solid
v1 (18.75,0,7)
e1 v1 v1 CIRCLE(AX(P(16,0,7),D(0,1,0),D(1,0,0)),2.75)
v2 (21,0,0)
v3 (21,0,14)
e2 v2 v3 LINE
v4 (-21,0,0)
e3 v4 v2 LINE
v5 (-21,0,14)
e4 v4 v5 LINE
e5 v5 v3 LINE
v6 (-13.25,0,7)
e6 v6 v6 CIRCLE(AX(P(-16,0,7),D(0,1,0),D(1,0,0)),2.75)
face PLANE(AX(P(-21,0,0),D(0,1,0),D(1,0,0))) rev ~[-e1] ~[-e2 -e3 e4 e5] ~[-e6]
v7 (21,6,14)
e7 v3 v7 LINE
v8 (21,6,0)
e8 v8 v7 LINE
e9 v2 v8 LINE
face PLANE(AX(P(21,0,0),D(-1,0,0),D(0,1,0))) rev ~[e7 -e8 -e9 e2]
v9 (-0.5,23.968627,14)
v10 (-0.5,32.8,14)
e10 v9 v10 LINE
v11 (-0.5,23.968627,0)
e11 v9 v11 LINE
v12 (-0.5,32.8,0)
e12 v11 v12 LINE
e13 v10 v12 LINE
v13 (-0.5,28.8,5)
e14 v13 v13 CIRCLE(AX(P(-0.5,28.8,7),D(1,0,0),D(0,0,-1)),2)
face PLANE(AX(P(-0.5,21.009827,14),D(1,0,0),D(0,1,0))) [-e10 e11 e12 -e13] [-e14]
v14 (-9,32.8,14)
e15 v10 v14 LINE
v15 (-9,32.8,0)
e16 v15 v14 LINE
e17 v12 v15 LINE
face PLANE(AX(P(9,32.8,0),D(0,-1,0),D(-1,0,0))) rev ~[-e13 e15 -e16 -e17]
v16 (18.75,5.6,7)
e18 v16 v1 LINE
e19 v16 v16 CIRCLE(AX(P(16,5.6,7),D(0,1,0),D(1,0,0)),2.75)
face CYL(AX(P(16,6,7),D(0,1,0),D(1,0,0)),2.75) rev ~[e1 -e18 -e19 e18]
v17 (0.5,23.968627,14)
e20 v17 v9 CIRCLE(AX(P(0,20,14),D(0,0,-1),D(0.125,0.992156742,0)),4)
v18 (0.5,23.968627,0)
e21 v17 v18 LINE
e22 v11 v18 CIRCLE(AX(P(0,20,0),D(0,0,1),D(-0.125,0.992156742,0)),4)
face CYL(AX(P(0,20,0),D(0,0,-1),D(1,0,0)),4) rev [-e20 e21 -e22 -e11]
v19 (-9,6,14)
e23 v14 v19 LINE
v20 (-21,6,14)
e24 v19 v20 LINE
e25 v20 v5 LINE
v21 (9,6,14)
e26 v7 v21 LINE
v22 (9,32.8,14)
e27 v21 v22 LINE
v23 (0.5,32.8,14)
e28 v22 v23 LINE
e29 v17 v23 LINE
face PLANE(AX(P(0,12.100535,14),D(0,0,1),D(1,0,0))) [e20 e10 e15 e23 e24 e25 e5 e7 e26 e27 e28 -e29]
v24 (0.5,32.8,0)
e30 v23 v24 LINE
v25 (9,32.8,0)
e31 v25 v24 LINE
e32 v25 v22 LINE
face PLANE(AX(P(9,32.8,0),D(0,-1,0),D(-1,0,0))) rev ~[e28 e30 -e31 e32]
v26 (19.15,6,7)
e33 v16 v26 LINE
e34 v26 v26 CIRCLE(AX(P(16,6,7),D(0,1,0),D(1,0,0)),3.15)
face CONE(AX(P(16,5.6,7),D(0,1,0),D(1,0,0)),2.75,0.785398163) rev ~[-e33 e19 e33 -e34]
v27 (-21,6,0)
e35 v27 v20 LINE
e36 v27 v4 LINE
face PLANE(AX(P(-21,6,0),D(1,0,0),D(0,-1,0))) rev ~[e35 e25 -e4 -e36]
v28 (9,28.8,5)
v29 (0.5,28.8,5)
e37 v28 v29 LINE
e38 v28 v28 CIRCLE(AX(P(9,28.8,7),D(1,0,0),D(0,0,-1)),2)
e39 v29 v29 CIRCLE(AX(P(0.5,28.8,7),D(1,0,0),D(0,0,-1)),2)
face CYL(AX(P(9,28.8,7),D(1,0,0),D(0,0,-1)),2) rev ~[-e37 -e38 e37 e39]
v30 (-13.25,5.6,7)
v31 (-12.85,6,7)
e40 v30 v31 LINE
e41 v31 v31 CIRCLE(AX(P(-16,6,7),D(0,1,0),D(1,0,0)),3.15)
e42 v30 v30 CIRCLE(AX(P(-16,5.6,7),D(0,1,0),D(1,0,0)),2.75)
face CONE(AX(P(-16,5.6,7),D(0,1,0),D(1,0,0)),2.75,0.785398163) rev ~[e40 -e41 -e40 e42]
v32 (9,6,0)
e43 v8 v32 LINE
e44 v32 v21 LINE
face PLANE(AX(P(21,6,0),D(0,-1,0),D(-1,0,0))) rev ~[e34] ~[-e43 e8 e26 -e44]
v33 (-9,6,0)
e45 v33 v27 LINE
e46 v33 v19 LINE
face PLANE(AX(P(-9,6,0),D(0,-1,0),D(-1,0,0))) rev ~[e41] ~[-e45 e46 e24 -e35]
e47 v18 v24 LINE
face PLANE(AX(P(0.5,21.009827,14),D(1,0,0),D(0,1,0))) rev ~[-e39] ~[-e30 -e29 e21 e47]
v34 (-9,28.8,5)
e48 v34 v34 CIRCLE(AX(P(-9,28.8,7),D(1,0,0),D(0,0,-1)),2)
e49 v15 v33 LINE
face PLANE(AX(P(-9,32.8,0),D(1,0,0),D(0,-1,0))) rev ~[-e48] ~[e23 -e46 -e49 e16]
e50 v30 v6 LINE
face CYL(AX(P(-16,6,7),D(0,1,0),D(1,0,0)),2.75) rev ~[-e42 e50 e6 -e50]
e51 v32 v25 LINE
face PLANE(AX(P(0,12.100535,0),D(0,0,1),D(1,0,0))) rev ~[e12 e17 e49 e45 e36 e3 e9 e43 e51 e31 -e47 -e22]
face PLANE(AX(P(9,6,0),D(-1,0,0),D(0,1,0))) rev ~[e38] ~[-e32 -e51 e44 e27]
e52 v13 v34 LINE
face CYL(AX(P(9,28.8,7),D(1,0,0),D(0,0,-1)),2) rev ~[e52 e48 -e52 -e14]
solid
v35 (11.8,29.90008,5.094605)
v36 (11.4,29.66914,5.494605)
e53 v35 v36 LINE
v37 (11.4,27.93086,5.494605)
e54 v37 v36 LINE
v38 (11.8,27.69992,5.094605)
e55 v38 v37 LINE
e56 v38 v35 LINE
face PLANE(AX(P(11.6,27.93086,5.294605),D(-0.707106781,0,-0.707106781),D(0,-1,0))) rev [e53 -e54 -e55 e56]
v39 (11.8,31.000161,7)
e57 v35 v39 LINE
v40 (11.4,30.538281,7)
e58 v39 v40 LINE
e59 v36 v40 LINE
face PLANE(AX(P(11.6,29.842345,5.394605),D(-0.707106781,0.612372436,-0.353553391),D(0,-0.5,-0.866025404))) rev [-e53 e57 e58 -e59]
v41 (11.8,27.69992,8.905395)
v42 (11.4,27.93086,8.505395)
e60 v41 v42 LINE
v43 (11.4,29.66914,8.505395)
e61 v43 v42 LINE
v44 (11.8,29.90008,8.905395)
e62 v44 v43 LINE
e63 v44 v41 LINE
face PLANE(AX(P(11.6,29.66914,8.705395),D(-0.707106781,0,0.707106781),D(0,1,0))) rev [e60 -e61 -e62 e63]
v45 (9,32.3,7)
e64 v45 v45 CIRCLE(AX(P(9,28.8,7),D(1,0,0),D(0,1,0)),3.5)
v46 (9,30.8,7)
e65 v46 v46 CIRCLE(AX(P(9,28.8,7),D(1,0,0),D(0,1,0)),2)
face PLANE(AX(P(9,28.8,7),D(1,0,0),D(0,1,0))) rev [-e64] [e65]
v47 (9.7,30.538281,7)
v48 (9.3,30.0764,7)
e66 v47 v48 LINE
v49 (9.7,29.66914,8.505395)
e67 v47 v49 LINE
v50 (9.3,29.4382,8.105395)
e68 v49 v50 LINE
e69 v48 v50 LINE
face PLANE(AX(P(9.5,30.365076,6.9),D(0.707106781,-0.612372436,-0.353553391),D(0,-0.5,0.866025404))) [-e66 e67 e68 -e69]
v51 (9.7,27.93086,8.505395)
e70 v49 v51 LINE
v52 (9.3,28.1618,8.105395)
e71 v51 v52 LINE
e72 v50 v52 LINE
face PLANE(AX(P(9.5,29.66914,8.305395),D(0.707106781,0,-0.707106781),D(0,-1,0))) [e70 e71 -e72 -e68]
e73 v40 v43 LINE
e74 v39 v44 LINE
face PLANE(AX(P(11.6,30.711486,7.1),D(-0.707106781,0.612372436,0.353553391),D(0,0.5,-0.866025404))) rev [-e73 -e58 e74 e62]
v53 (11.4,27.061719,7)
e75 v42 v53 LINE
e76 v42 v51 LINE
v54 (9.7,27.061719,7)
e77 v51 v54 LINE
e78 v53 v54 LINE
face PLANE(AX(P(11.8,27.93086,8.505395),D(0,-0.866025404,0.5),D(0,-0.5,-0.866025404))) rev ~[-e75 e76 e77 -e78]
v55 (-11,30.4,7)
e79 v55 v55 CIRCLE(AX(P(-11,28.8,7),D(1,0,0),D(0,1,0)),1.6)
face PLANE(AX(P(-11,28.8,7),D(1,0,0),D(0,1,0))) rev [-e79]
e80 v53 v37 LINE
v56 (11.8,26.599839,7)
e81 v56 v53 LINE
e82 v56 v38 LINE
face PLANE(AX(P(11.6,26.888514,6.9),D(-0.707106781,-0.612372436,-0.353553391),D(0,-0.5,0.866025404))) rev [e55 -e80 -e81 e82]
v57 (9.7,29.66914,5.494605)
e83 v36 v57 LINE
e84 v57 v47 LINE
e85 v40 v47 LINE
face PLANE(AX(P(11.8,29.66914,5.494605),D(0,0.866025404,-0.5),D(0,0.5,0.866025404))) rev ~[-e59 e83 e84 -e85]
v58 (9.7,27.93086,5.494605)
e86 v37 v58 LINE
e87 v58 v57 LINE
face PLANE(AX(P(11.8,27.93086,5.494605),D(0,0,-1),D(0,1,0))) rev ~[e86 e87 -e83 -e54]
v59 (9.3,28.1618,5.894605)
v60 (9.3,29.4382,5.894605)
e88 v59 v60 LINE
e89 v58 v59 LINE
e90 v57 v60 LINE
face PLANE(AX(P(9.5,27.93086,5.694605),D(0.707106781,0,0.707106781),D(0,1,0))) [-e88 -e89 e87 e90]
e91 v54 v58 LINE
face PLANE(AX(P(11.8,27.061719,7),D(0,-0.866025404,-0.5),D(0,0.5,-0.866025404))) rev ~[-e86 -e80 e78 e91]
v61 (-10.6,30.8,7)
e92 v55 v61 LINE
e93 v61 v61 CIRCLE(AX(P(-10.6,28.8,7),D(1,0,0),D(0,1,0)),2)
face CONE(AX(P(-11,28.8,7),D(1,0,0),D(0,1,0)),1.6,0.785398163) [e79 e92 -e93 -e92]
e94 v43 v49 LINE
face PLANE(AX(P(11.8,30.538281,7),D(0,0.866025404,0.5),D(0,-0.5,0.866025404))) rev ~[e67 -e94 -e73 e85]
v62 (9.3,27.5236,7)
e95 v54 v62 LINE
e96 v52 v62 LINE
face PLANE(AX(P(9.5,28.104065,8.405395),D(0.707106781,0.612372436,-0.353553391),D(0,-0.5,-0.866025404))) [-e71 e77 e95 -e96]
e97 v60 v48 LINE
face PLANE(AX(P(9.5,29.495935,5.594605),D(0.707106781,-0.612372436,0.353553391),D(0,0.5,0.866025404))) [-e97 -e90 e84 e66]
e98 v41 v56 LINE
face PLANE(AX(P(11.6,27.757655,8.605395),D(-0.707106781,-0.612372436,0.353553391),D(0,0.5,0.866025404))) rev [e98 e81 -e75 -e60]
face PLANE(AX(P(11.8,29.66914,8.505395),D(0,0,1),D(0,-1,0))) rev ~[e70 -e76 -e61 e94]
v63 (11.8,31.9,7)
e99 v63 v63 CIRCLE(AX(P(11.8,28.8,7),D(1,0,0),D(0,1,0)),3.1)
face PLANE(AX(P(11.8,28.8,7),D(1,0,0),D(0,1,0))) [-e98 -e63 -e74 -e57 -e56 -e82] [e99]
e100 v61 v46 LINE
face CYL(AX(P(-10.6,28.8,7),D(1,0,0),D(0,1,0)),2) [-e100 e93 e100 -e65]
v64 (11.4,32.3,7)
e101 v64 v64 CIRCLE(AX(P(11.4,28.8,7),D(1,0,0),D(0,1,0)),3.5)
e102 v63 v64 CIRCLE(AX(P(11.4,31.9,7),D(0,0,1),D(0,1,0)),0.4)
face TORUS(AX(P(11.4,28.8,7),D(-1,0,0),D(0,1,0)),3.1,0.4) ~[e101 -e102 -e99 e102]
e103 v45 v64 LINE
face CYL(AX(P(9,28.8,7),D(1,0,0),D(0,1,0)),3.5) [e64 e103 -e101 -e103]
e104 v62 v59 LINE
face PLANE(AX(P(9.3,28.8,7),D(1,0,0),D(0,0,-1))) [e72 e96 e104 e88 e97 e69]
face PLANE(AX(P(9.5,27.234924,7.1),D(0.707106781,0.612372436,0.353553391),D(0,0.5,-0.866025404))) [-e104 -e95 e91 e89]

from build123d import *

# Parameters (mm, degrees)
SKETCH1_R                = 4
BOSS_EXTRUDE1_DEPTH      = 14
SKETCH3_W                = 1
SKETCH3_H                = 11.790173319
CUT_EXTRUDE1_DEPTH       = 19
SKETCH2_R                = 2
CUT_EXTRUDE3_DEPTH       = 31
SKETCH5_R                = 2.75
CUT_EXTRUDE5_DEPTH       = 22
TAGLIO_ESTRUSIONE1_DEPTH = 2.5
SMUSSO1_SIZE             = 0.4
RACCORDO1_R              = 0.4
SMUSSO2_SIZE             = 0.4


with BuildPart() as part:
    # Sketch1 → Boss-Extrude1 (new body)
    with BuildSketch(Plane.XY):
        Polygon((-21, 0), (21, 0), (21, 6), (9, 6), (9, 32.8), (-9, 32.8), (-9, 6), (-21, 6), align=None)
        with Locations((0, 20)):
            Circle(SKETCH1_R, mode=Mode.SUBTRACT)
    extrude(amount=BOSS_EXTRUDE1_DEPTH)

    # Sketch3 → Cut-Extrude1 (cut)
    with BuildSketch(Plane.XY.offset(14)):
        with Locations((0, 26.904913341)):
            Rectangle(SKETCH3_W, SKETCH3_H)
    extrude(amount=-CUT_EXTRUDE1_DEPTH, mode=Mode.SUBTRACT)

    # Sketch2 → Cut-Extrude3 (cut)
    with BuildSketch(Plane(origin=(9, 0, 0), x_dir=(0, 0, -1), z_dir=(1, 0, 0))):
        with Locations((-7, 28.8)):
            Circle(SKETCH2_R)
    extrude(amount=-CUT_EXTRUDE3_DEPTH, mode=Mode.SUBTRACT)

    # Sketch5 → Cut-Extrude5 (cut)
    with BuildSketch(Plane(origin=(0, 6, 0), x_dir=(1, 0, 0), z_dir=(0, 1, 0))):
        with Locations((16, -7)):
            Circle(SKETCH5_R)
        with Locations((-16, -7)):
            Circle(SKETCH5_R)
    extrude(amount=-CUT_EXTRUDE5_DEPTH, mode=Mode.SUBTRACT)

    # Smusso2
    smusso2_edges = [part.edges().sort_by_distance(p)[0] for p in [
        (13.25, 6, 7),
        (-18.75, 6, 7),
    ]]
    chamfer(smusso2_edges, length=SMUSSO2_SIZE)


with BuildPart() as body_2:
    # Schizzo1 → Rivoluzione1 (revolve)
    with BuildSketch(Plane.XY.offset(7)):
        Polygon((11.8, 28.8), (-11, 28.8), (-11, 30.4), (-10.6, 30.8), (9, 30.8), (9, 32.3), (11.8, 32.3), align=None)
    revolve(axis=Axis((-22.704724307, 28.8, 7), (1, 0, 0)))

    # Schizzo2 → Taglio-Estrusione1 (cut)
    with BuildSketch(Plane(origin=(11.8, 0, 0), x_dir=(0, 0, -1), z_dir=(1, 0, 0))):
        Polygon((-7, 30.538280632), (-8.505395186, 29.669140316), (-8.505395186, 27.930859684), (-7, 27.061719368), (-5.494604814, 27.930859684), (-5.494604814, 29.669140316), align=None)
    extrude(amount=-TAGLIO_ESTRUSIONE1_DEPTH, mode=Mode.SUBTRACT)

    # Smusso1
    smusso1_edges = [body_2.edges().sort_by_distance(p)[0] for p in [
        (9.3, 30.103710474, 6.247302407),
        (9.3, 28.8, 5.494604814),
        (9.3, 27.496289526, 6.247302407),
        (9.3, 27.496289526, 7.752697593),
        (9.3, 28.8, 8.505395186),
        (9.3, 30.103710474, 7.752697593),
        (11.8, 30.103710474, 6.247302407),
        (11.8, 30.103710474, 7.752697593),
        (11.8, 28.8, 8.505395186),
        (11.8, 27.496289526, 7.752697593),
        (11.8, 27.496289526, 6.247302407),
        (11.8, 28.8, 5.494604814),
    ]]
    chamfer(smusso1_edges, length=SMUSSO1_SIZE)

    # Raccordo1
    raccordo1_edges = [body_2.edges().sort_by_distance(p)[0] for p in [
        (11.8, 25.3, 7),
    ]]
    fillet(raccordo1_edges, radius=RACCORDO1_R)


solid = Compound([part.part, body_2.part])
